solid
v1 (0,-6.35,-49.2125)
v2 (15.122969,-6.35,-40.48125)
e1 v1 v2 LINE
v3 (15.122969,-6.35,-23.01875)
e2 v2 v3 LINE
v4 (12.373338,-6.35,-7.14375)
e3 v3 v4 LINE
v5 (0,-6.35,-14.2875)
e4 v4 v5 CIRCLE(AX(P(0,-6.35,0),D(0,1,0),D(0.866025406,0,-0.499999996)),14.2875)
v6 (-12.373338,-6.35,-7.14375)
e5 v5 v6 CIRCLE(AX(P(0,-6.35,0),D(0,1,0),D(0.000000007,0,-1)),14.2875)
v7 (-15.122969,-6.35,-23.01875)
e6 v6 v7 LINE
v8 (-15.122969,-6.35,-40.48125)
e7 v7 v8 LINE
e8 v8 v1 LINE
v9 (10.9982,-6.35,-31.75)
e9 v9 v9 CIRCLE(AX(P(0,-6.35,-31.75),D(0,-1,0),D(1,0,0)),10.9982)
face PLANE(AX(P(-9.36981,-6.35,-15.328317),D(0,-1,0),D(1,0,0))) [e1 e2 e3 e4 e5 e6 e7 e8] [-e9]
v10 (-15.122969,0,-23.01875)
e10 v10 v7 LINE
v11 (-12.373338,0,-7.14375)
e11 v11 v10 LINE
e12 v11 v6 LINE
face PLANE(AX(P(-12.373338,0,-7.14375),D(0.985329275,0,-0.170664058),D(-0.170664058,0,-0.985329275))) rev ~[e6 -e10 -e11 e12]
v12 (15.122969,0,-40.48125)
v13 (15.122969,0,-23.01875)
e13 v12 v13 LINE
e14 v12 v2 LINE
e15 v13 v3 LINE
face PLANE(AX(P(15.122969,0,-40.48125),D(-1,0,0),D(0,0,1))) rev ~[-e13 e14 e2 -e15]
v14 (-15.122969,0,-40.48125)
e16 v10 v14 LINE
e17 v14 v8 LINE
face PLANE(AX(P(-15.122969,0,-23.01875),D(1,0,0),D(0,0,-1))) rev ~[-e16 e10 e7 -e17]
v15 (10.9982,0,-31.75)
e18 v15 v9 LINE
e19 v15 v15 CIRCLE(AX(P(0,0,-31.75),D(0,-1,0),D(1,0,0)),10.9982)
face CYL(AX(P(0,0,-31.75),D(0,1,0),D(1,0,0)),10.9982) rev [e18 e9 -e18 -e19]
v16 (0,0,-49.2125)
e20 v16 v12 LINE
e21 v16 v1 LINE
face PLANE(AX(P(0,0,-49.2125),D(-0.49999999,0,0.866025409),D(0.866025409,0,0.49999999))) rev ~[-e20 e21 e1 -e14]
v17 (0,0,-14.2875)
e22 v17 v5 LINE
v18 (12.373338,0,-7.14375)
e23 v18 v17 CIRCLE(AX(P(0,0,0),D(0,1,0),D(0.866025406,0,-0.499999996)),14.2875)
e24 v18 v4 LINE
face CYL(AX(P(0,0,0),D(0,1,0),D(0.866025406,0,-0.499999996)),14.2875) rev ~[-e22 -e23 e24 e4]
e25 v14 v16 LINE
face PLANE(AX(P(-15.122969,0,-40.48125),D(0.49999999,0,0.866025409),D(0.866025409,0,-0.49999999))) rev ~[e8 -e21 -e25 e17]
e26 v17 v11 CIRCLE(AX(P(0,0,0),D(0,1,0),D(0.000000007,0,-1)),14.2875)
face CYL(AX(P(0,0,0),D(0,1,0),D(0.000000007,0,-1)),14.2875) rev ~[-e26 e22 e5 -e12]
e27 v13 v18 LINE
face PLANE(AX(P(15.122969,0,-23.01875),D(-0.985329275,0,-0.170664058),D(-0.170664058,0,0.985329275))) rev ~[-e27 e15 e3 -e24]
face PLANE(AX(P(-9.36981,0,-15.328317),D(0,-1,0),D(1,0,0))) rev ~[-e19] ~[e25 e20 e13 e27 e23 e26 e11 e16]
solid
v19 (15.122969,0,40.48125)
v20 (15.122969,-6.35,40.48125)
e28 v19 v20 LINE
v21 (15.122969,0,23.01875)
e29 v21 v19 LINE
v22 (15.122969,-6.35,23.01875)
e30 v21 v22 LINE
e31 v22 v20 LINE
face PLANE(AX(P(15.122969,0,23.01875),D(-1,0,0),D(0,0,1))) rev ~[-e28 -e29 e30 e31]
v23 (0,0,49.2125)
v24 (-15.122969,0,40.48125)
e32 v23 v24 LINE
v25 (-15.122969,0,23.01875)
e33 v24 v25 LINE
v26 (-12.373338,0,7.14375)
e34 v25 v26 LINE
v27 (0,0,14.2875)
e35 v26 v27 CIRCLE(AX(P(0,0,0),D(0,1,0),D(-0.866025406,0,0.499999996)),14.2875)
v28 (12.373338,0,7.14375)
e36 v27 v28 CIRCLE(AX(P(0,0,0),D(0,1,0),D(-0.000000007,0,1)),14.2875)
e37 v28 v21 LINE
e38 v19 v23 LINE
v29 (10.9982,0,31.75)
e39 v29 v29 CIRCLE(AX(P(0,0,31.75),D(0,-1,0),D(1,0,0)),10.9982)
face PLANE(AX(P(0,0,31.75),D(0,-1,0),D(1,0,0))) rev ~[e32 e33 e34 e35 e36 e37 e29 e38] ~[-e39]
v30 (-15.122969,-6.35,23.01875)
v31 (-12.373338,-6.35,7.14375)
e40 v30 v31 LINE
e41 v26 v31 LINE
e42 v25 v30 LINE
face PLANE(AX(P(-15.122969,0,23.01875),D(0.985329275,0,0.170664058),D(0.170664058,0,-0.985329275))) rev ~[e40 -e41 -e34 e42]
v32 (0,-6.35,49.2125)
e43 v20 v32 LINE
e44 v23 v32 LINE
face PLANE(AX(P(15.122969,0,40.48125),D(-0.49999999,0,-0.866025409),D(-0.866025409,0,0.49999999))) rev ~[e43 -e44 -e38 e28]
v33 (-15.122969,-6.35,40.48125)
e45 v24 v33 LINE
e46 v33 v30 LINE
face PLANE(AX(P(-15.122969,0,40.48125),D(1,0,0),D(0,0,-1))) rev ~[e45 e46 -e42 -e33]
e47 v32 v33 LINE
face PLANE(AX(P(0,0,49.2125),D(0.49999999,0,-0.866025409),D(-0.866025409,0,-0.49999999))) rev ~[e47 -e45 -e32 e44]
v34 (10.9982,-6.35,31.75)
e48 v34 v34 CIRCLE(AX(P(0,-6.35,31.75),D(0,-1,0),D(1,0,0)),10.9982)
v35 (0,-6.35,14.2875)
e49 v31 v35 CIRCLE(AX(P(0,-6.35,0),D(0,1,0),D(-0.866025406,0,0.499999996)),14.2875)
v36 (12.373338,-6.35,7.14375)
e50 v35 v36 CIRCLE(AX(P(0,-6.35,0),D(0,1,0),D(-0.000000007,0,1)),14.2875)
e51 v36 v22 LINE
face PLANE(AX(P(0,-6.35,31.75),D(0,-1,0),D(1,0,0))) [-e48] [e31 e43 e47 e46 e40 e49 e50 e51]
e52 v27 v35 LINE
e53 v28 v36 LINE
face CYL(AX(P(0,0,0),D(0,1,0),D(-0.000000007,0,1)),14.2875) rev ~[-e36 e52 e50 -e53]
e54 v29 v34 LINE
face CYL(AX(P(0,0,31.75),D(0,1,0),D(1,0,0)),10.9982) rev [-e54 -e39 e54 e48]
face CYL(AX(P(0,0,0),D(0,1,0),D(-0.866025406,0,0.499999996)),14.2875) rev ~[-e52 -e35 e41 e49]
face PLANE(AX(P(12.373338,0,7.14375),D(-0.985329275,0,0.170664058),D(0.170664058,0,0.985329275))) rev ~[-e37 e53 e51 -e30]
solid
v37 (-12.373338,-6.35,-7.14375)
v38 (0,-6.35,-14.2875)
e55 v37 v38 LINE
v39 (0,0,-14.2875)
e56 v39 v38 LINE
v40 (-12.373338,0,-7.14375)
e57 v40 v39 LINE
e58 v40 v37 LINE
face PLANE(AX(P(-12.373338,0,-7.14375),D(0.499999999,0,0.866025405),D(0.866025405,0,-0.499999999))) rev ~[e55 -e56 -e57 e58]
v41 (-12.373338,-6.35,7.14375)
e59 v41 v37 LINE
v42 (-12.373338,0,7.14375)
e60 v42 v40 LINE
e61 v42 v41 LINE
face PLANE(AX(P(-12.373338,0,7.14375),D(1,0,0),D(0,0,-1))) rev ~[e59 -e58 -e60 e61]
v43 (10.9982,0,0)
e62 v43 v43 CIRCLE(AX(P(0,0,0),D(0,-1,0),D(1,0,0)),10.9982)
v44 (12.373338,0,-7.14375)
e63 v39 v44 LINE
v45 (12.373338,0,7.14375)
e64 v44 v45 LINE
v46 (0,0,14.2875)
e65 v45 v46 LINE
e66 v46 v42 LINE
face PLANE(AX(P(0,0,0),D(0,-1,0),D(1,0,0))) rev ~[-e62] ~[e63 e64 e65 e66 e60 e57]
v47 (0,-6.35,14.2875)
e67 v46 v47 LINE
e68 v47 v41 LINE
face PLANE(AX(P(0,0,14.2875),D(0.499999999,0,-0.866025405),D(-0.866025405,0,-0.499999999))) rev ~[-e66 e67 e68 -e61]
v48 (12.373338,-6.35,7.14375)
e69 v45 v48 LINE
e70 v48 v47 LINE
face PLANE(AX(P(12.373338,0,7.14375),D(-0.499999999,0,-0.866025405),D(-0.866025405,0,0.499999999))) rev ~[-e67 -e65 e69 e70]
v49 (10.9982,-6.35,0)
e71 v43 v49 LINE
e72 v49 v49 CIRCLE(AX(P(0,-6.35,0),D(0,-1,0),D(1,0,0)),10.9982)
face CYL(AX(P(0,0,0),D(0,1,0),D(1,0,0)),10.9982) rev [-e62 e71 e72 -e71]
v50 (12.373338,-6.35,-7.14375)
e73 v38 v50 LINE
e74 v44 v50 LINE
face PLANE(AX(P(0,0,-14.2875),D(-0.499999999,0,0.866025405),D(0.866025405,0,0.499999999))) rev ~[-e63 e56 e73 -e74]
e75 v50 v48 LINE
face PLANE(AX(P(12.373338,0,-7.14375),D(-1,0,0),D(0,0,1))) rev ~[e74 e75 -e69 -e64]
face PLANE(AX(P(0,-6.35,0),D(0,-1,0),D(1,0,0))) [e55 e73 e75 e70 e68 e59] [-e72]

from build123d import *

# Parameters (mm, degrees)
F0_R     = 14.2875
F0_R_2   = 10.9982
F1_DEPTH = 6.35


with BuildPart() as f1:
    # F0 (on Front) → F1 (new body)
    with BuildSketch(Plane.XZ):
        with BuildLine():
            Line((-15.122969, -23.01875), (0, -14.2875))
            ThreePointArc((0, -14.2875), (-7.14375, -12.373338), (-12.373338, -7.14375))
            Line((-12.373338, -7.14375), (-15.122969, -23.01875))
        make_face()
        with BuildLine():
            Line((15.122969, -23.01875), (12.373338, -7.14375))
            ThreePointArc((12.373338, -7.14375), (7.14375, -12.373338), (0, -14.2875))
            Line((0, -14.2875), (15.122969, -23.01875))
        make_face()
        Polygon((-15.122969, 23.01875), (0, 14.2875), (15.122969, 23.01875), (15.122969, 40.48125), (0, 49.2125), (-15.122969, 40.48125), align=None)
        with Locations((0, 31.75)):
            Circle(F0_R, mode=Mode.SUBTRACT)
        Polygon((15.122969, -23.01875), (0, -14.2875), (-15.122969, -23.01875), (-15.122969, -40.48125), (0, -49.2125), (15.122969, -40.48125), align=None)
        with Locations((0, -31.75)):
            Circle(F0_R, mode=Mode.SUBTRACT)
        Polygon((12.373338, -7.14375), (12.373338, 7.14375), (0, 14.2875), (-12.373338, 7.14375), (-12.373338, -7.14375), (0, -14.2875), align=None)
        Circle(F0_R_2, mode=Mode.SUBTRACT)
        with Locations((0, -31.75)):
            Circle(F0_R)
        with Locations((0, -31.75)):
            Circle(F0_R_2, mode=Mode.SUBTRACT)
        with Locations((0, 31.75)):
            Circle(F0_R)
        with Locations((0, 31.75)):
            Circle(F0_R_2, mode=Mode.SUBTRACT)
        with BuildLine():
            ThreePointArc((-12.373338, 7.14375), (-7.14375, 12.373338), (0, 14.2875))
            Line((0, 14.2875), (-15.122969, 23.01875))
            Line((-15.122969, 23.01875), (-12.373338, 7.14375))
        make_face()
        with BuildLine():
            ThreePointArc((0, 14.2875), (7.14375, 12.373338), (12.373338, 7.14375))
            Line((12.373338, 7.14375), (15.122969, 23.01875))
            Line((15.122969, 23.01875), (0, 14.2875))
        make_face()
    extrude(amount=F1_DEPTH)


solid = f1.part
